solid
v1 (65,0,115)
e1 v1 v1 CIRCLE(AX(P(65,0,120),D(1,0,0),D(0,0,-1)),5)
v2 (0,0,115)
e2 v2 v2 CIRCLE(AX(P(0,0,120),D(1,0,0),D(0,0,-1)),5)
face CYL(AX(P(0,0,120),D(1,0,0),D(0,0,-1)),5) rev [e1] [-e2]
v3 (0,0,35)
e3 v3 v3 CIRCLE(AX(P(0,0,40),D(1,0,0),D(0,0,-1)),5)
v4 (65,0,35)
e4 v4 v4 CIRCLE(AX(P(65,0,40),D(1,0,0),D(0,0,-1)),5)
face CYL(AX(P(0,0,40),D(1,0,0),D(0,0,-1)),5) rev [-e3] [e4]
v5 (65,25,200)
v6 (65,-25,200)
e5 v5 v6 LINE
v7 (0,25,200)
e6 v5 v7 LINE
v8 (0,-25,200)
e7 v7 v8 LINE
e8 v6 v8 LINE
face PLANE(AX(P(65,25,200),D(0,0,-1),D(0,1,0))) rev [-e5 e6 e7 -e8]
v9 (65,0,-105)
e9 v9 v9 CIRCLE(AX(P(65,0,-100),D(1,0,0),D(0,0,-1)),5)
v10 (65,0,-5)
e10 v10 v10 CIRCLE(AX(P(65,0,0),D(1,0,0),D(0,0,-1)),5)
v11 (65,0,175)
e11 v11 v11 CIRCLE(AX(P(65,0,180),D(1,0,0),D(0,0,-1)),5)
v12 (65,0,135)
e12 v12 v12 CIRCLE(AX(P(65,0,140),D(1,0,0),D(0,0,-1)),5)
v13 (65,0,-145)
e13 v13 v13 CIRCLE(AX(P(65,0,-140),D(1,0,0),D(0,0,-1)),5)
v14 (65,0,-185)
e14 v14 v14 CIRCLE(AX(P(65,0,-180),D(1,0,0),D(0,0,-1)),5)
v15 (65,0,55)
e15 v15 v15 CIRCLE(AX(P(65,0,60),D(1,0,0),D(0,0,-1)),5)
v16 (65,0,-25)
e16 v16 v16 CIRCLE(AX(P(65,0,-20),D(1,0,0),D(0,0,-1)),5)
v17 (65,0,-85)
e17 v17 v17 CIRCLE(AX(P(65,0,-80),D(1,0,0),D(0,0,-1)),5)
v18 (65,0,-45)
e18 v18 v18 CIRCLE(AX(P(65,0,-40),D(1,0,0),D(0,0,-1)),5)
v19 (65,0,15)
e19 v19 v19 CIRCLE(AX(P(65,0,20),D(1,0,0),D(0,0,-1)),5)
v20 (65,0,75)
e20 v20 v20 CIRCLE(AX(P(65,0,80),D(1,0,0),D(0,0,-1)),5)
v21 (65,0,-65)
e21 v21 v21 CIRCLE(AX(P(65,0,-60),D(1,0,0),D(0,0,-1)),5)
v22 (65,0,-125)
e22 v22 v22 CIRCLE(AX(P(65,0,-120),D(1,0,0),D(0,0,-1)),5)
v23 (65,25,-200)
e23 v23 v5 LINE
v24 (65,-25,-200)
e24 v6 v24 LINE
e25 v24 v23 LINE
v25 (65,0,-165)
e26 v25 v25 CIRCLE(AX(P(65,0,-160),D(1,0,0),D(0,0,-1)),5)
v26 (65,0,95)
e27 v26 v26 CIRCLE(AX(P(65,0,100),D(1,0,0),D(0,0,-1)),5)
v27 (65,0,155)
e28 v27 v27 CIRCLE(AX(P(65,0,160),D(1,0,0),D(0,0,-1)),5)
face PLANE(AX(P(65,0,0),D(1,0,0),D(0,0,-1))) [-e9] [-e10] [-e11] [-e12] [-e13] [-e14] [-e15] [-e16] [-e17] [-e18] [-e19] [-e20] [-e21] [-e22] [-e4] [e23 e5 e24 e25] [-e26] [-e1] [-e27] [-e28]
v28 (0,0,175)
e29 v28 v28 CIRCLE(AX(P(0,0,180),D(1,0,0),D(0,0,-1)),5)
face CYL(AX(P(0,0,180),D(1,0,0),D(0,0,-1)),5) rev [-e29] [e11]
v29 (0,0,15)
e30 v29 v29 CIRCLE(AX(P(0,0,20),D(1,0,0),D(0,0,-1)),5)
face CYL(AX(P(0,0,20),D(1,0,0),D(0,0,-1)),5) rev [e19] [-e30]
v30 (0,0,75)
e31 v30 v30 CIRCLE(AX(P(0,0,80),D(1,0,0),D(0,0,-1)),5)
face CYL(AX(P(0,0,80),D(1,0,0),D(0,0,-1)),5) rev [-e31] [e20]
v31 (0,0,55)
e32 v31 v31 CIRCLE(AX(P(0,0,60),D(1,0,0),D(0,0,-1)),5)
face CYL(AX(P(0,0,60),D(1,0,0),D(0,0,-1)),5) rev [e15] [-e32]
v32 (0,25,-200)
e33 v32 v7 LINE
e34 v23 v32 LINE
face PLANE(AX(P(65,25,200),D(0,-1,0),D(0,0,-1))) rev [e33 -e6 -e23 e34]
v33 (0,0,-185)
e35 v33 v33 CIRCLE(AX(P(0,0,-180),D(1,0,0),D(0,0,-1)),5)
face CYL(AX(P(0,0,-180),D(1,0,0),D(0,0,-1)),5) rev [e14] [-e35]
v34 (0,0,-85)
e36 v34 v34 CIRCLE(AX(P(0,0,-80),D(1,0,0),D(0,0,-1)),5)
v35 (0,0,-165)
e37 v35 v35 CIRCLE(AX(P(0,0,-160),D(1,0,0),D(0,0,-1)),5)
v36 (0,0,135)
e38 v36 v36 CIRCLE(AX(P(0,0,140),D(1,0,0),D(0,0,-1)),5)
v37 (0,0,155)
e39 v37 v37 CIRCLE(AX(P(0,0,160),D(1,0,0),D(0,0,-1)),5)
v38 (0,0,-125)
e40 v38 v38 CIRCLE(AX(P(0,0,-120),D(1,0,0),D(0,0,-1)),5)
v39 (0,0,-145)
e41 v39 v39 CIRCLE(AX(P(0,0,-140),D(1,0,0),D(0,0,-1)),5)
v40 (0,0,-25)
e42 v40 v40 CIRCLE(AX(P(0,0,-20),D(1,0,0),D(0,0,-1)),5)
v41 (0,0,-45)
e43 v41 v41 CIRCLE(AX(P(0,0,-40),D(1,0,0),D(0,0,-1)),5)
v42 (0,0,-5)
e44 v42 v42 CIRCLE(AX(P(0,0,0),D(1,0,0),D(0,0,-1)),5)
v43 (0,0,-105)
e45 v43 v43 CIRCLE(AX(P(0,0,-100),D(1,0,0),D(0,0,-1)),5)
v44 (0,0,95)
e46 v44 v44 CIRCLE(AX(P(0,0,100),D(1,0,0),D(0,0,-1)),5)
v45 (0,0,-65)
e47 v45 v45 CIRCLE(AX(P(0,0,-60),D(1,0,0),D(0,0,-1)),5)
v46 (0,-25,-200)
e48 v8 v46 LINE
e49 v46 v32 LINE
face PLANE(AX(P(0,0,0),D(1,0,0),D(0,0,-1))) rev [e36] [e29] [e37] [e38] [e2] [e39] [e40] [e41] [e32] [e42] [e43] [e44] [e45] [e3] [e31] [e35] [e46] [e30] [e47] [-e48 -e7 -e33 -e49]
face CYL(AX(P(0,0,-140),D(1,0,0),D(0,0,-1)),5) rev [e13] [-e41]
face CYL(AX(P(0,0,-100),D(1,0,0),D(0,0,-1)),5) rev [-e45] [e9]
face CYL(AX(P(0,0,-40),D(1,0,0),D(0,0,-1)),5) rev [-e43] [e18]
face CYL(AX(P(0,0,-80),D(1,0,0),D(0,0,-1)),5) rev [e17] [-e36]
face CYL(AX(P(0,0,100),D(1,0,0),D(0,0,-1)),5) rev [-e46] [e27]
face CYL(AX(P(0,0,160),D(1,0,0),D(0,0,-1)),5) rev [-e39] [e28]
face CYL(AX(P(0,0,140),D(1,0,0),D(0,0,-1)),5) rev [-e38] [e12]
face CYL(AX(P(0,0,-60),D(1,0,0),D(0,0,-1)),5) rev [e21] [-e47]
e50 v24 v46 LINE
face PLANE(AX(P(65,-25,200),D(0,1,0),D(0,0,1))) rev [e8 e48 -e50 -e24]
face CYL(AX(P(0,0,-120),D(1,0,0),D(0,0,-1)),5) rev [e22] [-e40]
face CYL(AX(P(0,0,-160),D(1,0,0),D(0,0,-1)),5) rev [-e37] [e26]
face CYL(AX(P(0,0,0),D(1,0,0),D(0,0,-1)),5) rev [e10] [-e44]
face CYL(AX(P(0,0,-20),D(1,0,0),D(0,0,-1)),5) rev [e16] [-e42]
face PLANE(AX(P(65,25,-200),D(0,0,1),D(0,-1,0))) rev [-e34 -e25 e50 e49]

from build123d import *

# Parameters (mm, degrees)
SKETCH1_W           = 400
SKETCH1_H           = 50
BOSS_EXTRUDE1_DEPTH = 65
SKETCH2_R           = 5
CUT_EXTRUDE1_DEPTH  = 66


with BuildPart() as part:
    # Sketch1 → Boss-Extrude1 (new body)
    with BuildSketch(Plane(origin=(0, 0, 0), x_dir=(0, 0, -1), z_dir=(1, 0, 0))):
        Rectangle(SKETCH1_W, SKETCH1_H)
    extrude(amount=BOSS_EXTRUDE1_DEPTH)

    # Sketch2 → Cut-Extrude1 (cut, through all)
    with BuildSketch(Plane(origin=(65, 0, 0), x_dir=(0, 0, -1), z_dir=(1, 0, 0))):
        with Locations((-180, 0)):
            Circle(SKETCH2_R)
        with Locations((-160, 0)):
            Circle(SKETCH2_R)
        with Locations((-140, 0)):
            Circle(SKETCH2_R)
        with Locations((-120, 0)):
            Circle(SKETCH2_R)
        with Locations((-100, 0)):
            Circle(SKETCH2_R)
        with Locations((-80, 0)):
            Circle(SKETCH2_R)
        with Locations((-60, 0)):
            Circle(SKETCH2_R)
        with Locations((-40, 0)):
            Circle(SKETCH2_R)
        with Locations((-20, 0)):
            Circle(SKETCH2_R)
        Circle(SKETCH2_R)
        with Locations((20, 0)):
            Circle(SKETCH2_R)
        with Locations((40, 0)):
            Circle(SKETCH2_R)
        with Locations((60, 0)):
            Circle(SKETCH2_R)
        with Locations((80, 0)):
            Circle(SKETCH2_R)
        with Locations((100, 0)):
            Circle(SKETCH2_R)
        with Locations((120, 0)):
            Circle(SKETCH2_R)
        with Locations((140, 0)):
            Circle(SKETCH2_R)
        with Locations((160, 0)):
            Circle(SKETCH2_R)
        with Locations((180, 0)):
            Circle(SKETCH2_R)
    extrude(amount=-CUT_EXTRUDE1_DEPTH, mode=Mode.SUBTRACT)


solid = part.part
